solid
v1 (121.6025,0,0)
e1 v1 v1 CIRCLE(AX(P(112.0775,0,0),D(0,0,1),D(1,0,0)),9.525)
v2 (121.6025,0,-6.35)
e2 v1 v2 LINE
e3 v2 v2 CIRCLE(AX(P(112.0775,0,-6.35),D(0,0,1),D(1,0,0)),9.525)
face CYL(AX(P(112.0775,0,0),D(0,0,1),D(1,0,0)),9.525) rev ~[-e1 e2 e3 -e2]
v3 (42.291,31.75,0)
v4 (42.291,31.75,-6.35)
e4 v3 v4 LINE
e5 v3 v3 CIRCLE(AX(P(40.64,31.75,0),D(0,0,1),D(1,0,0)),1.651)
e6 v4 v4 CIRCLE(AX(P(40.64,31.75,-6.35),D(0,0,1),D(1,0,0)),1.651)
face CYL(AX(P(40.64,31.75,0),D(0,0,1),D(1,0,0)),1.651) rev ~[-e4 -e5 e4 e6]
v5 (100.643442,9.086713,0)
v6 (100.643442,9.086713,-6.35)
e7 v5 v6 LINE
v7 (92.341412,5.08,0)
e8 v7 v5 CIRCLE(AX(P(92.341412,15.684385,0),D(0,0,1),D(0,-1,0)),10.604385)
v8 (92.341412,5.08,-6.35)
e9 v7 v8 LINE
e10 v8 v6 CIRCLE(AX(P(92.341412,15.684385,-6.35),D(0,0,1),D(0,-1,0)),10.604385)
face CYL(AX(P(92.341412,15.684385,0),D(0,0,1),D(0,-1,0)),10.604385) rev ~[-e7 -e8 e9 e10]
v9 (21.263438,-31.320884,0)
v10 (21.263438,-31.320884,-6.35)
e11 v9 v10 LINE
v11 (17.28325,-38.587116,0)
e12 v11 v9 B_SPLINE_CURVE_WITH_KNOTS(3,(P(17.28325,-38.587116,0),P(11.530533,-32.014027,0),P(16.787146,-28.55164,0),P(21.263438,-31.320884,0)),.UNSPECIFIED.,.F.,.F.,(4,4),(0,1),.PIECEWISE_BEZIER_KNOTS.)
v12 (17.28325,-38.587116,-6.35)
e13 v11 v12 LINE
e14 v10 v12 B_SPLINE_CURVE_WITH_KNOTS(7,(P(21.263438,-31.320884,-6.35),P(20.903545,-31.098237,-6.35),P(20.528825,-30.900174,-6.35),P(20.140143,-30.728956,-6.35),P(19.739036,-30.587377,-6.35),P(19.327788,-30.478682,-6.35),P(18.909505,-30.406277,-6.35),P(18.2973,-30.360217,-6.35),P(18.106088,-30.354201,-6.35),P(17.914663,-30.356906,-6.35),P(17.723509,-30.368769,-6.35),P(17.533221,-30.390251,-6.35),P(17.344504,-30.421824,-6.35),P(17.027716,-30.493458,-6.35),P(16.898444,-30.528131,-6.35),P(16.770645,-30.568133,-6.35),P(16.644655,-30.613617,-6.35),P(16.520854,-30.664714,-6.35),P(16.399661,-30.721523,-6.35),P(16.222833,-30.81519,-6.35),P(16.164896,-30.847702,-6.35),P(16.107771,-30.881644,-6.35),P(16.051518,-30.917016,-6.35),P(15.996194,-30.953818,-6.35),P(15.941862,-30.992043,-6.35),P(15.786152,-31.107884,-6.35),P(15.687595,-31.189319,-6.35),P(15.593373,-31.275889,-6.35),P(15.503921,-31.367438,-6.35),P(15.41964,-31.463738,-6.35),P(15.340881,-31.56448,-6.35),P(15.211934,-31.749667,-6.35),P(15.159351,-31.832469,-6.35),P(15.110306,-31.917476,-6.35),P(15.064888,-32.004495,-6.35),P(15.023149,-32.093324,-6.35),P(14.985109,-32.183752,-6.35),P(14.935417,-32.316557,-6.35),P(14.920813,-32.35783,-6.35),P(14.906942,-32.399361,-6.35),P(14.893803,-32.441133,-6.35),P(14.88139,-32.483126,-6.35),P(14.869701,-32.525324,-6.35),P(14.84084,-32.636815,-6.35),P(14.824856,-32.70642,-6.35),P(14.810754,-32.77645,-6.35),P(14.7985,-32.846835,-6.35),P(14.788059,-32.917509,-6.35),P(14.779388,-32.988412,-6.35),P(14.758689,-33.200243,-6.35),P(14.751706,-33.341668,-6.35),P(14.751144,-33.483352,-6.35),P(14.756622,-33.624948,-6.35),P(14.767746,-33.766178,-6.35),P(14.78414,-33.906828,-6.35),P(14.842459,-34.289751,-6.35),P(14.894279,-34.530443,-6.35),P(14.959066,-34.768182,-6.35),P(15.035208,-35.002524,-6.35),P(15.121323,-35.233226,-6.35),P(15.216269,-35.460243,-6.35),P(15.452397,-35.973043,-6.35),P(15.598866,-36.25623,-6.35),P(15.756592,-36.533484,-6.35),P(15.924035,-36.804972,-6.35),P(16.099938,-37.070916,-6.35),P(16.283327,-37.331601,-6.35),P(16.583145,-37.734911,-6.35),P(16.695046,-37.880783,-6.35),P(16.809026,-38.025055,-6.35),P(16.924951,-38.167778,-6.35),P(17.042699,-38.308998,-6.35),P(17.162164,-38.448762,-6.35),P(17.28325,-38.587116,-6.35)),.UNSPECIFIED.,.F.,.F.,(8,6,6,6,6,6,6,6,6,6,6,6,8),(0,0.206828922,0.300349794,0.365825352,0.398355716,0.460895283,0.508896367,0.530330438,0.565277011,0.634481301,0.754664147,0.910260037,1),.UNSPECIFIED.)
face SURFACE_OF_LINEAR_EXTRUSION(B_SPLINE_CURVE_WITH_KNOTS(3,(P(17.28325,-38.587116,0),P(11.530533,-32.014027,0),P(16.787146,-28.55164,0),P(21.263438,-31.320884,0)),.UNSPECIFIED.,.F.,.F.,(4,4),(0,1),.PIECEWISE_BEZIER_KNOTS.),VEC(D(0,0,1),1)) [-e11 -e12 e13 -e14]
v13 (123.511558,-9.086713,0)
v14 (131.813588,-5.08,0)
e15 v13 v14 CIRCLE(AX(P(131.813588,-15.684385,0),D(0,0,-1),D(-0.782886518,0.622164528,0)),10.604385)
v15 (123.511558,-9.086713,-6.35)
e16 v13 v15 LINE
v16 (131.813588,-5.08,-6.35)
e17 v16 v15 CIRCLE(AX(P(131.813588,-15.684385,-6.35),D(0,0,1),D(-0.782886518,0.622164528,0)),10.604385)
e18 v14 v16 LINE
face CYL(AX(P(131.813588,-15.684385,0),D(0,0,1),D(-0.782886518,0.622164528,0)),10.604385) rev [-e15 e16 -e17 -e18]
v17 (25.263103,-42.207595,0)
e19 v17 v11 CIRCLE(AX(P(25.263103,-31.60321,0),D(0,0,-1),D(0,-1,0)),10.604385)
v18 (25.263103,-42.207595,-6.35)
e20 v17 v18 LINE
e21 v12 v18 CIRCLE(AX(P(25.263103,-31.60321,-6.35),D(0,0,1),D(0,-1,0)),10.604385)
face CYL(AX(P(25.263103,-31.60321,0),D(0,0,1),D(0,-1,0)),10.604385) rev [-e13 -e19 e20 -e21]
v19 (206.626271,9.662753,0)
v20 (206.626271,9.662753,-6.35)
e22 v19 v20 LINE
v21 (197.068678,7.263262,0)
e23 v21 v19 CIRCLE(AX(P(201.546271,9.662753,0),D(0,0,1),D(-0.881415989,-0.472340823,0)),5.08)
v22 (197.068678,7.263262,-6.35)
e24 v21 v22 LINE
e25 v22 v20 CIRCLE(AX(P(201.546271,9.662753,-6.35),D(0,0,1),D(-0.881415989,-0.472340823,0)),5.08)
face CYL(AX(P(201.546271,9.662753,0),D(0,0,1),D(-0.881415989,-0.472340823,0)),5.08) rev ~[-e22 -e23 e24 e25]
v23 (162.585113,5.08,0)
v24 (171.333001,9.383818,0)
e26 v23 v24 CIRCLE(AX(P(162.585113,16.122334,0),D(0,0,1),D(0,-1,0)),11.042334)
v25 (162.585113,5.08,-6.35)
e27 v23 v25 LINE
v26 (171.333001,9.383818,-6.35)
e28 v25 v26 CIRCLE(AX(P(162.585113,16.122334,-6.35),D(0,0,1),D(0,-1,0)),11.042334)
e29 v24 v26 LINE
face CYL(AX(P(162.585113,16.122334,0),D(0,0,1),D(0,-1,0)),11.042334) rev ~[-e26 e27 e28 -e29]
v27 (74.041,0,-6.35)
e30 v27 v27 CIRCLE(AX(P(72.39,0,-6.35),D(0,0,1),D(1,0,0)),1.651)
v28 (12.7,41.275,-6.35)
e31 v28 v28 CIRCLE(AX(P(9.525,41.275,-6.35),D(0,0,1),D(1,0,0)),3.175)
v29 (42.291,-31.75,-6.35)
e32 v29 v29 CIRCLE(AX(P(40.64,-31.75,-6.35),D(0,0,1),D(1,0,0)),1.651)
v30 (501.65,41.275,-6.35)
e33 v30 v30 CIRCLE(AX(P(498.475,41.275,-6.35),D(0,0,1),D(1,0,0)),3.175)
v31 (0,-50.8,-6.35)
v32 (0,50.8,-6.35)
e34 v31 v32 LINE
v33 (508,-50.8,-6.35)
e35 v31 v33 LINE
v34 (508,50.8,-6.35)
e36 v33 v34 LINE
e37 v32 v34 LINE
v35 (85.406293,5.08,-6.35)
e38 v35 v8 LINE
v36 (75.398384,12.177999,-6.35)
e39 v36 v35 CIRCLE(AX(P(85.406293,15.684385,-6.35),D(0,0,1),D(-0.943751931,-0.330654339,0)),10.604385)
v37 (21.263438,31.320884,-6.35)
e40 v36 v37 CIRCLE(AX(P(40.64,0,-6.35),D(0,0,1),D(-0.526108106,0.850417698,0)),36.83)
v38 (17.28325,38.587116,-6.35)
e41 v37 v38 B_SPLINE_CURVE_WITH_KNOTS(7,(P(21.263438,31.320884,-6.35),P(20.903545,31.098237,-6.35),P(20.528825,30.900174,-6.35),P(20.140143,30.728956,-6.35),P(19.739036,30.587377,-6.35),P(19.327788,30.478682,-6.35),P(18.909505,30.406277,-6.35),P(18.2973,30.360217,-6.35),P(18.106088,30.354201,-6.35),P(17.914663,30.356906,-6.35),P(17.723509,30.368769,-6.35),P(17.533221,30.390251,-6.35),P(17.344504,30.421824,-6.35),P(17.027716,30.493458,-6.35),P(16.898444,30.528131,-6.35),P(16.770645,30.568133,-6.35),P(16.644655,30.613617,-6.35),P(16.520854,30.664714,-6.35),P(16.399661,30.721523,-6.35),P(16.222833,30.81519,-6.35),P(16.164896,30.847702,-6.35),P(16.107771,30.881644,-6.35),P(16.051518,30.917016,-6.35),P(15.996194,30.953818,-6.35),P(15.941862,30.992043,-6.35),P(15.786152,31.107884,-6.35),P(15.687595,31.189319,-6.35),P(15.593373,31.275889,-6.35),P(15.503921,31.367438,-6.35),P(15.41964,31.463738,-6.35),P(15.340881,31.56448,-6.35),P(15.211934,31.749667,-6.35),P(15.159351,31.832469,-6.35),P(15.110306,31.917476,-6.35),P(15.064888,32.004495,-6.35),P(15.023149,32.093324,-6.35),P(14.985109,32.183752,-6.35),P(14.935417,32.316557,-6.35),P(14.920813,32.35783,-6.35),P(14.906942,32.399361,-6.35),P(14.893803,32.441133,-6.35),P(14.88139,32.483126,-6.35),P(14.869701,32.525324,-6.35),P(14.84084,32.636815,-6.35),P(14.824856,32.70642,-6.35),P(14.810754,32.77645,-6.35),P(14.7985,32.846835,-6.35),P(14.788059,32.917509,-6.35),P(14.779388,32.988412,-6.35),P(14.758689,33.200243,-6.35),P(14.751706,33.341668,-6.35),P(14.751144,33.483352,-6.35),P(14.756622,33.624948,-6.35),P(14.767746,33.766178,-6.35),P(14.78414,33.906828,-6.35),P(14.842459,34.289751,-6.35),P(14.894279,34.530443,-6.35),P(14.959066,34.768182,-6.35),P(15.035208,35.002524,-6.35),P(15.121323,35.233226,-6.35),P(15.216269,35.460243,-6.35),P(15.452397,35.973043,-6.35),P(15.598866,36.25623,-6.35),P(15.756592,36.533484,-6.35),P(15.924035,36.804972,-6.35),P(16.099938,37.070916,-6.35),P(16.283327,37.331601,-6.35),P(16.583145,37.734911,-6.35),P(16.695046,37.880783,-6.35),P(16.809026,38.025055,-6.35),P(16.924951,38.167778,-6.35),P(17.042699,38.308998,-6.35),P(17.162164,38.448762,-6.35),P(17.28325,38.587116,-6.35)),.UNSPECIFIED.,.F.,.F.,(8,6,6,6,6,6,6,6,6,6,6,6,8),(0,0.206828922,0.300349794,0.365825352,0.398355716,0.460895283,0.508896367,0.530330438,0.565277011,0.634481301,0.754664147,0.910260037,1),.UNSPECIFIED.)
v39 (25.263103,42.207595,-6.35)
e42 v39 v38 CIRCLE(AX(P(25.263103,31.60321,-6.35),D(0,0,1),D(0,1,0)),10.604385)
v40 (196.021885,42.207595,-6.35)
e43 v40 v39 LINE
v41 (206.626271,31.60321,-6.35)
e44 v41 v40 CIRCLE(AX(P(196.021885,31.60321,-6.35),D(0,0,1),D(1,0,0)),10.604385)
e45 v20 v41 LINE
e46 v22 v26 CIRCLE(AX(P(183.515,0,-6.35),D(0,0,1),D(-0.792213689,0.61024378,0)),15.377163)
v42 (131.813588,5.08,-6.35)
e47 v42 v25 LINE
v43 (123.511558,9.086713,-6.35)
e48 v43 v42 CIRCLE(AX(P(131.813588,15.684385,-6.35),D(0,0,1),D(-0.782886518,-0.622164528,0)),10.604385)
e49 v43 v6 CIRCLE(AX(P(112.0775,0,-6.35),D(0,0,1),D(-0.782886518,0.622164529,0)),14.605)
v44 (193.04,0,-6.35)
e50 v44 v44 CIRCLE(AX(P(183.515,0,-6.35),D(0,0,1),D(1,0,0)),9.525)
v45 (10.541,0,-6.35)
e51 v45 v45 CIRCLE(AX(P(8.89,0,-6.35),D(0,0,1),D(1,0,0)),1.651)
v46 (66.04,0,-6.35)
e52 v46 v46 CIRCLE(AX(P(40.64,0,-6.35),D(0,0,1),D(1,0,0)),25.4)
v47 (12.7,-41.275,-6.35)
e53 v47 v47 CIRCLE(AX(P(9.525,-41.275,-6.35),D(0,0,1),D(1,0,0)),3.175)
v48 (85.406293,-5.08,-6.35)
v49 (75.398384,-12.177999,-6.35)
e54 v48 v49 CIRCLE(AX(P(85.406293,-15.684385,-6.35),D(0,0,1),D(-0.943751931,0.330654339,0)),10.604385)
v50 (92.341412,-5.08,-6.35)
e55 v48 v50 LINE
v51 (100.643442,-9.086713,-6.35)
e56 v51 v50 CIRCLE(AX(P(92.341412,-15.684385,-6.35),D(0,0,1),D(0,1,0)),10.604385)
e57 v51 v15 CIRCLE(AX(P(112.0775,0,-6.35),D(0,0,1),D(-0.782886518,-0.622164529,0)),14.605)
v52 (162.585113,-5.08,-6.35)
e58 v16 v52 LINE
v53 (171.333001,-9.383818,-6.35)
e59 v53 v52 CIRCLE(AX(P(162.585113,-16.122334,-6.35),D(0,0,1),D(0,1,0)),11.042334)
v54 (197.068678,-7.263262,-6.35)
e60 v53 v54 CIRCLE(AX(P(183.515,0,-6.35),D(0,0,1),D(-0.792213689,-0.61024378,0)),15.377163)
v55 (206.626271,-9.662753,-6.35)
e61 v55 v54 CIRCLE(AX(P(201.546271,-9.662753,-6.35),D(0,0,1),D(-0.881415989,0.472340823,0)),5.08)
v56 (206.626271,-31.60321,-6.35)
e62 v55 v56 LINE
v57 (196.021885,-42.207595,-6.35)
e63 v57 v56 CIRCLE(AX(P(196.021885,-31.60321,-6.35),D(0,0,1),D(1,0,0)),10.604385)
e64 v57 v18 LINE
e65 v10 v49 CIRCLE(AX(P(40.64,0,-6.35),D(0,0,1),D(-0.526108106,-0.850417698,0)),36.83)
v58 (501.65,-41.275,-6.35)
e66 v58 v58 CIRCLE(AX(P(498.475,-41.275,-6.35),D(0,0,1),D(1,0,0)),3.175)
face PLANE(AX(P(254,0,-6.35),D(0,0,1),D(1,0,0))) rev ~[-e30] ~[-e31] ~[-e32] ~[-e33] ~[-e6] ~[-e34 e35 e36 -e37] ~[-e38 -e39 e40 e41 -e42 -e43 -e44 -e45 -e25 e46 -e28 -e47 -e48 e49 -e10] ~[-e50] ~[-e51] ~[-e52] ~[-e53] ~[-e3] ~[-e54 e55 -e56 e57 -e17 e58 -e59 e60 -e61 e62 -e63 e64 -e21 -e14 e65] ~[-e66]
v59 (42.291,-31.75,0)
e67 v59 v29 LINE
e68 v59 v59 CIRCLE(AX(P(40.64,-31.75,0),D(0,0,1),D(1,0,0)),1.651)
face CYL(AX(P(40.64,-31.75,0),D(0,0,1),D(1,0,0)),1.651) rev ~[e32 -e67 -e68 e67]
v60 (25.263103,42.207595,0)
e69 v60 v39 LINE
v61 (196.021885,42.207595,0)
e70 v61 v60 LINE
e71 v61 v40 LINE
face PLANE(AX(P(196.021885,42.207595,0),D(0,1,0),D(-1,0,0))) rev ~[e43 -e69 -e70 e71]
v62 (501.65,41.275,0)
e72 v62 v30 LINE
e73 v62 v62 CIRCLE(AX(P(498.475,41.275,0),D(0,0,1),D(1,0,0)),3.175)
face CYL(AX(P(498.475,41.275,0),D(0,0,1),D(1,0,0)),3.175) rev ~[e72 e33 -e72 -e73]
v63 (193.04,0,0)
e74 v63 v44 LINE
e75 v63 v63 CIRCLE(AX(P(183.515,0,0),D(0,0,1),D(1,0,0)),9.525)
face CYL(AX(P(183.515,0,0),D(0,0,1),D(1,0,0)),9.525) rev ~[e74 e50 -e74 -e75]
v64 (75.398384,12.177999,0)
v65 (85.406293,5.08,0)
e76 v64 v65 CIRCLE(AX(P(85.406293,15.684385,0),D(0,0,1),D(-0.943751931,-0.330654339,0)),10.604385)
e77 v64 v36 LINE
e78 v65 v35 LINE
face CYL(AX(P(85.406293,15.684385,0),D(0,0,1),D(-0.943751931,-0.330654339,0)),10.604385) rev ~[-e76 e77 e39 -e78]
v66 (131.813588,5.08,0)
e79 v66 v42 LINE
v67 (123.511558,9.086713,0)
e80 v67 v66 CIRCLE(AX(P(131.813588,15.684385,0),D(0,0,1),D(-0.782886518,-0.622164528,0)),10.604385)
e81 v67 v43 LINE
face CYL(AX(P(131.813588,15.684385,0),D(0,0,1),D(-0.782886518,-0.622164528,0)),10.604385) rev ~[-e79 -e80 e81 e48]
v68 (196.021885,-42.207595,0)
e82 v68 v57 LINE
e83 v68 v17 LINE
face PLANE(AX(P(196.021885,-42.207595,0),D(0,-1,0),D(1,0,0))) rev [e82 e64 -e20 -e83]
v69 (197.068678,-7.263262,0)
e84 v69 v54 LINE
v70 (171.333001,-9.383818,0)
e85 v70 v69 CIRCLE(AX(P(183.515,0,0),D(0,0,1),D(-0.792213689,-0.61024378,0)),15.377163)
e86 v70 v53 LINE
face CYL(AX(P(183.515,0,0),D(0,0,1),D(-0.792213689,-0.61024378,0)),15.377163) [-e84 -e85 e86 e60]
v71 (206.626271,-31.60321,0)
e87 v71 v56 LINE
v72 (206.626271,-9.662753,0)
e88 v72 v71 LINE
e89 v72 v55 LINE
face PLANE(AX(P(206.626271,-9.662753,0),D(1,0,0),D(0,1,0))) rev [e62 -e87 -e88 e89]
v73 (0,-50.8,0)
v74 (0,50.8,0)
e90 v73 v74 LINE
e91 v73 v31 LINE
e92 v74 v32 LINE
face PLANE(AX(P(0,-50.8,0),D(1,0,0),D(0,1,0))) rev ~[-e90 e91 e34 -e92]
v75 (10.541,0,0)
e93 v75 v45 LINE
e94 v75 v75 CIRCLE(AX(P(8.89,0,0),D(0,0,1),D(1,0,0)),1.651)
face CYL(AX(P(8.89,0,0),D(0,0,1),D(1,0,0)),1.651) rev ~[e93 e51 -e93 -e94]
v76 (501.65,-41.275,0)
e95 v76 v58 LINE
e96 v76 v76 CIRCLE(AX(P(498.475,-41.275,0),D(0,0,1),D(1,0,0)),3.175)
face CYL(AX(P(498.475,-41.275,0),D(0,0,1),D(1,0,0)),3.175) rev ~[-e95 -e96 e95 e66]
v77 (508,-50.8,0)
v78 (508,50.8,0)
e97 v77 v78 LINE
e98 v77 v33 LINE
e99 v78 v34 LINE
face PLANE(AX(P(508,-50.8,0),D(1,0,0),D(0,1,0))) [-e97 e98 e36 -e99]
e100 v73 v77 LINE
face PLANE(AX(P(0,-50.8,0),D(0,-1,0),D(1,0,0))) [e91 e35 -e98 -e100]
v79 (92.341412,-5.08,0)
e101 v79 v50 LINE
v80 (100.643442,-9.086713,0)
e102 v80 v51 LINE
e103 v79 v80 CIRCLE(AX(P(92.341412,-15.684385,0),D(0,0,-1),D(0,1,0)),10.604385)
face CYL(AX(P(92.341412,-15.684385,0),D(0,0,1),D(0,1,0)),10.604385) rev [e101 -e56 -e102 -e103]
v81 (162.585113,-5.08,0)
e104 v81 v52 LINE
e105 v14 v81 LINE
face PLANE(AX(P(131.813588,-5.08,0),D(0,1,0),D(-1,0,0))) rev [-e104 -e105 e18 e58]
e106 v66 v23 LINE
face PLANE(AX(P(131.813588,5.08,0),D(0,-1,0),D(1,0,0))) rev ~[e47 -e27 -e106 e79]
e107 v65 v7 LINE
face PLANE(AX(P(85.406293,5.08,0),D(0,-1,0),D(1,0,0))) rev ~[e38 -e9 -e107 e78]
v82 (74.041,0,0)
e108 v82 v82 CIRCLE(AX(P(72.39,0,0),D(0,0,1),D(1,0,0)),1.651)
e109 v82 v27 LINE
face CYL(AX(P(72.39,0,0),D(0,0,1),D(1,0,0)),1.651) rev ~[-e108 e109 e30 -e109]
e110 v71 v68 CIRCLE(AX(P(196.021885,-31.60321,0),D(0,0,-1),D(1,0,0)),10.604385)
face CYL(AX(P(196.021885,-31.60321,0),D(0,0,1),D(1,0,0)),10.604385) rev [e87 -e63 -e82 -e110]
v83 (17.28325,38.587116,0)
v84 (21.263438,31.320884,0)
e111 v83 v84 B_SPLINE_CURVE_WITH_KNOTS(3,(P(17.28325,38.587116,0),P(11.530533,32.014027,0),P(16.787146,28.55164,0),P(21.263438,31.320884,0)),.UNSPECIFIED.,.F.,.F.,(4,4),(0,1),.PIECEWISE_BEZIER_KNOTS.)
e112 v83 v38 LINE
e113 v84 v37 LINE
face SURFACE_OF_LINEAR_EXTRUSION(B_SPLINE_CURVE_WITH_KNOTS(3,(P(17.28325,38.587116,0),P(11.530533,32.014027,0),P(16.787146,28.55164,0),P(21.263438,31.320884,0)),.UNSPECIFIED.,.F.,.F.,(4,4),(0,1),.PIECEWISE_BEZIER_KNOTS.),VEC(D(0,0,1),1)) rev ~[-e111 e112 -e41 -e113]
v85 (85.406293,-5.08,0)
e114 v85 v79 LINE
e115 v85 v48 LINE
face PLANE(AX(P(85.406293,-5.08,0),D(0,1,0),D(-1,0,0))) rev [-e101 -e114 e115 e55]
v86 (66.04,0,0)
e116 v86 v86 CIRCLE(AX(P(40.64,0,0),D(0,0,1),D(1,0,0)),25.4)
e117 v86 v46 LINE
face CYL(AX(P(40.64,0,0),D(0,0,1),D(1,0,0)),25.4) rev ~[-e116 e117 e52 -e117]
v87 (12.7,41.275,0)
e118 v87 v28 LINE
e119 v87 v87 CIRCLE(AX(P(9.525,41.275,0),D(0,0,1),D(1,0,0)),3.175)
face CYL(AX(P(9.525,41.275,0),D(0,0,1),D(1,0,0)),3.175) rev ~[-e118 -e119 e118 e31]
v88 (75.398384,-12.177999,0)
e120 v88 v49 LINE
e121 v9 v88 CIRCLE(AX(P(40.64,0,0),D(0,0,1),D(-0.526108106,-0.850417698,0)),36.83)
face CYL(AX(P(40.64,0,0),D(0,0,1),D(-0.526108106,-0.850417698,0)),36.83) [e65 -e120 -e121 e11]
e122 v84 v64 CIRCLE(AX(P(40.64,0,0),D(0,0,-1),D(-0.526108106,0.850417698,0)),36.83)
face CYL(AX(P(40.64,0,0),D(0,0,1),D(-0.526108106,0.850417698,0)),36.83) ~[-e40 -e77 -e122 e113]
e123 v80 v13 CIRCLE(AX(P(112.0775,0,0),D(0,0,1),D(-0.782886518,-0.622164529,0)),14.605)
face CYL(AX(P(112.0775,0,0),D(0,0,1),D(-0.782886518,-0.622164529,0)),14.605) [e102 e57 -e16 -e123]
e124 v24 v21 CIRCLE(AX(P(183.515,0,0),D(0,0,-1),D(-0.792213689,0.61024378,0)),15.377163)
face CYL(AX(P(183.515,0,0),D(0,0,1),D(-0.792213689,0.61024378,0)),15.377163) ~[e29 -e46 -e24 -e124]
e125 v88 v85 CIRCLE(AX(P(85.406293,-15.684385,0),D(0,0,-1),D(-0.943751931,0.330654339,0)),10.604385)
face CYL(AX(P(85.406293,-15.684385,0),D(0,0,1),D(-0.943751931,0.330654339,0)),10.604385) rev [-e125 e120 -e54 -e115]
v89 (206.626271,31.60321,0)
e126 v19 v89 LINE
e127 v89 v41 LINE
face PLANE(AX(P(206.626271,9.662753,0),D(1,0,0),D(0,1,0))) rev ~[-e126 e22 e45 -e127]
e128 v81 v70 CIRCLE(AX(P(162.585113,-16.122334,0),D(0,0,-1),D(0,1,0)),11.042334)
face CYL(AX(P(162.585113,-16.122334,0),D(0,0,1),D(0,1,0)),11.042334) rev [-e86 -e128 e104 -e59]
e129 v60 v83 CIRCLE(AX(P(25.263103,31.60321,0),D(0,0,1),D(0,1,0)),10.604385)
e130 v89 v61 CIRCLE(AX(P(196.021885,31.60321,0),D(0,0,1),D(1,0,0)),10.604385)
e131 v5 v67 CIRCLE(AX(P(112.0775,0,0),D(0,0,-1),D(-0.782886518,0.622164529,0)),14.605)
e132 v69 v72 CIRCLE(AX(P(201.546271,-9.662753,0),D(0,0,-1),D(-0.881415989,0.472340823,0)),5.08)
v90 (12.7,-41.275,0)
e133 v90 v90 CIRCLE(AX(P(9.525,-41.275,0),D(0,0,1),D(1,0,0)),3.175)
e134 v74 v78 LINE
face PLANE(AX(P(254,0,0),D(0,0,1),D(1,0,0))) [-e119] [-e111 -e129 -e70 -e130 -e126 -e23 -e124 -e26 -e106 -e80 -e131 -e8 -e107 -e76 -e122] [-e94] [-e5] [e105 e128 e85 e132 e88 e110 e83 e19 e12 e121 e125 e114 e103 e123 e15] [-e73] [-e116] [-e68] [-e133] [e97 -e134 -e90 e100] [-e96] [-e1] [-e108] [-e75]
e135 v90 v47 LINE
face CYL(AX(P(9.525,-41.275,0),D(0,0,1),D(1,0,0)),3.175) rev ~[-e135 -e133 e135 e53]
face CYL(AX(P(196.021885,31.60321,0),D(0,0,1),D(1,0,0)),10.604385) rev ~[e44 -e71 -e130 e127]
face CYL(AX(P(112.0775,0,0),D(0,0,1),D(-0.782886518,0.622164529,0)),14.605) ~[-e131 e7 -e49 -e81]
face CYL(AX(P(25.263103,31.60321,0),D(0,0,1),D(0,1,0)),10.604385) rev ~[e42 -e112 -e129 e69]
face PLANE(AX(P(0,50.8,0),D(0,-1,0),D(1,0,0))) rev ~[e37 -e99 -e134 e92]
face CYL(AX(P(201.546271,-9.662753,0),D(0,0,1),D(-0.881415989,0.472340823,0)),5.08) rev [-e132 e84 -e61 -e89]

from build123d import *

# Parameters (mm, degrees)
SKETCH1_W           = 508
SKETCH1_H           = 101.6
BOSS_EXTRUDE1_DEPTH = 6.35
SKETCH2_R           = 25.4
SKETCH2_R_2         = 1.651
MOTOR_MOUNT_DEPTH   = 6.35
SKETCH3_R           = 9.525
CUT_EXTRUDE2_DEPTH  = 511.573170564
SKETCH4_R           = 3.175
CUT_EXTRUDE3_DEPTH  = 511.573170564
CUT_EXTRUDE4_DEPTH  = 511.573170564


with BuildPart() as part:
    # Sketch1 → Boss-Extrude1 (new body)
    with BuildSketch(Plane.XY):
        with Locations((254, 0)):
            Rectangle(SKETCH1_W, SKETCH1_H)
    extrude(amount=-BOSS_EXTRUDE1_DEPTH)

    # Sketch2 → Motor mount (cut)
    with BuildSketch(Plane.XY):
        with Locations((40.64, 0)):
            Circle(SKETCH2_R)
        with Locations((72.39, 0)):
            Circle(SKETCH2_R_2)
        with Locations((40.64, -31.75)):
            Circle(SKETCH2_R_2)
        with Locations((8.89, 0)):
            Circle(SKETCH2_R_2)
        with Locations((40.64, 31.75)):
            Circle(SKETCH2_R_2)
    extrude(amount=-MOTOR_MOUNT_DEPTH, mode=Mode.SUBTRACT)

    # Sketch3 → Cut-Extrude2 (cut, through all)
    with BuildSketch(Plane.XY):
        with Locations((112.0775, 0)):
            Circle(SKETCH3_R)
        with Locations((183.515, 0)):
            Circle(SKETCH3_R)
    extrude(amount=-CUT_EXTRUDE2_DEPTH, mode=Mode.SUBTRACT)

    # Sketch4 → Cut-Extrude3 (cut, through all)
    with BuildSketch(Plane.XY):
        with Locations((9.525, 41.275)):
            Circle(SKETCH4_R)
        with Locations((9.525, -41.275)):
            Circle(SKETCH4_R)
        with Locations((498.475, 41.275)):
            Circle(SKETCH4_R)
        with Locations((498.475, -41.275)):
            Circle(SKETCH4_R)
    extrude(amount=-CUT_EXTRUDE3_DEPTH, mode=Mode.SUBTRACT)

    # Sketch7 → Cut-Extrude4 (cut, through all)
    with BuildSketch(Plane.XY):
        with BuildLine():
            Line((85.406292789, 5.08), (92.341412089, 5.08))
            ThreePointArc((92.341412089, 5.08), (96.950572969, 6.134064693), (100.643442411, 9.08671294))
            ThreePointArc((100.643442411, 9.08671294), (112.0775, 14.605), (123.511557589, 9.08671294))
            ThreePointArc((123.511557589, 9.08671294), (127.204427031, 6.134064693), (131.813587911, 5.08))
            Line((131.813587911, 5.08), (162.585112959, 5.08))
            ThreePointArc((162.585112959, 5.08), (167.45975122, 6.214203951), (171.333000793, 9.383818205))
            ThreePointArc((171.333000793, 9.383818205), (184.777760897, 15.325227036), (197.068677539, 7.263261936))
            ThreePointArc((197.068677539, 7.263261936), (202.783248212, 4.735656121), (206.626270766, 9.662753319))
            Line((206.626270766, 9.662753319), (206.626270766, 31.603209647))
            ThreePointArc((206.626270766, 31.603209647), (203.520318205, 39.101642443), (196.02188541, 42.207595003))
            Line((196.02188541, 42.207595003), (25.263102588, 42.207595003))
            ThreePointArc((25.263102588, 42.207595003), (20.881723867, 41.260150637), (17.283250038, 38.587115578))
            add(Edge.make_bspline(
                [(17.283250038, 38.587115578), (11.530533455, 32.014027317), (16.787146308, 28.551640426), (21.263438452, 31.320883809)],
                knots=[0, 0, 0, 0, 1, 1, 1, 1], degree=3))
            ThreePointArc((21.263438452, 31.320883809), (52.918543043, 34.722993545), (75.39838363, 12.177999321))
            ThreePointArc((75.39838363, 12.177999321), (79.271558889, 7.034643814), (85.406292789, 5.08))
        make_face()
    cut_extrude4 = extrude(amount=-CUT_EXTRUDE4_DEPTH, mode=Mode.SUBTRACT)

    # Mirror1: Cut-Extrude4 across plane
    add(cut_extrude4.mirror(Plane.ZX), mode=Mode.SUBTRACT)


solid = part.part
